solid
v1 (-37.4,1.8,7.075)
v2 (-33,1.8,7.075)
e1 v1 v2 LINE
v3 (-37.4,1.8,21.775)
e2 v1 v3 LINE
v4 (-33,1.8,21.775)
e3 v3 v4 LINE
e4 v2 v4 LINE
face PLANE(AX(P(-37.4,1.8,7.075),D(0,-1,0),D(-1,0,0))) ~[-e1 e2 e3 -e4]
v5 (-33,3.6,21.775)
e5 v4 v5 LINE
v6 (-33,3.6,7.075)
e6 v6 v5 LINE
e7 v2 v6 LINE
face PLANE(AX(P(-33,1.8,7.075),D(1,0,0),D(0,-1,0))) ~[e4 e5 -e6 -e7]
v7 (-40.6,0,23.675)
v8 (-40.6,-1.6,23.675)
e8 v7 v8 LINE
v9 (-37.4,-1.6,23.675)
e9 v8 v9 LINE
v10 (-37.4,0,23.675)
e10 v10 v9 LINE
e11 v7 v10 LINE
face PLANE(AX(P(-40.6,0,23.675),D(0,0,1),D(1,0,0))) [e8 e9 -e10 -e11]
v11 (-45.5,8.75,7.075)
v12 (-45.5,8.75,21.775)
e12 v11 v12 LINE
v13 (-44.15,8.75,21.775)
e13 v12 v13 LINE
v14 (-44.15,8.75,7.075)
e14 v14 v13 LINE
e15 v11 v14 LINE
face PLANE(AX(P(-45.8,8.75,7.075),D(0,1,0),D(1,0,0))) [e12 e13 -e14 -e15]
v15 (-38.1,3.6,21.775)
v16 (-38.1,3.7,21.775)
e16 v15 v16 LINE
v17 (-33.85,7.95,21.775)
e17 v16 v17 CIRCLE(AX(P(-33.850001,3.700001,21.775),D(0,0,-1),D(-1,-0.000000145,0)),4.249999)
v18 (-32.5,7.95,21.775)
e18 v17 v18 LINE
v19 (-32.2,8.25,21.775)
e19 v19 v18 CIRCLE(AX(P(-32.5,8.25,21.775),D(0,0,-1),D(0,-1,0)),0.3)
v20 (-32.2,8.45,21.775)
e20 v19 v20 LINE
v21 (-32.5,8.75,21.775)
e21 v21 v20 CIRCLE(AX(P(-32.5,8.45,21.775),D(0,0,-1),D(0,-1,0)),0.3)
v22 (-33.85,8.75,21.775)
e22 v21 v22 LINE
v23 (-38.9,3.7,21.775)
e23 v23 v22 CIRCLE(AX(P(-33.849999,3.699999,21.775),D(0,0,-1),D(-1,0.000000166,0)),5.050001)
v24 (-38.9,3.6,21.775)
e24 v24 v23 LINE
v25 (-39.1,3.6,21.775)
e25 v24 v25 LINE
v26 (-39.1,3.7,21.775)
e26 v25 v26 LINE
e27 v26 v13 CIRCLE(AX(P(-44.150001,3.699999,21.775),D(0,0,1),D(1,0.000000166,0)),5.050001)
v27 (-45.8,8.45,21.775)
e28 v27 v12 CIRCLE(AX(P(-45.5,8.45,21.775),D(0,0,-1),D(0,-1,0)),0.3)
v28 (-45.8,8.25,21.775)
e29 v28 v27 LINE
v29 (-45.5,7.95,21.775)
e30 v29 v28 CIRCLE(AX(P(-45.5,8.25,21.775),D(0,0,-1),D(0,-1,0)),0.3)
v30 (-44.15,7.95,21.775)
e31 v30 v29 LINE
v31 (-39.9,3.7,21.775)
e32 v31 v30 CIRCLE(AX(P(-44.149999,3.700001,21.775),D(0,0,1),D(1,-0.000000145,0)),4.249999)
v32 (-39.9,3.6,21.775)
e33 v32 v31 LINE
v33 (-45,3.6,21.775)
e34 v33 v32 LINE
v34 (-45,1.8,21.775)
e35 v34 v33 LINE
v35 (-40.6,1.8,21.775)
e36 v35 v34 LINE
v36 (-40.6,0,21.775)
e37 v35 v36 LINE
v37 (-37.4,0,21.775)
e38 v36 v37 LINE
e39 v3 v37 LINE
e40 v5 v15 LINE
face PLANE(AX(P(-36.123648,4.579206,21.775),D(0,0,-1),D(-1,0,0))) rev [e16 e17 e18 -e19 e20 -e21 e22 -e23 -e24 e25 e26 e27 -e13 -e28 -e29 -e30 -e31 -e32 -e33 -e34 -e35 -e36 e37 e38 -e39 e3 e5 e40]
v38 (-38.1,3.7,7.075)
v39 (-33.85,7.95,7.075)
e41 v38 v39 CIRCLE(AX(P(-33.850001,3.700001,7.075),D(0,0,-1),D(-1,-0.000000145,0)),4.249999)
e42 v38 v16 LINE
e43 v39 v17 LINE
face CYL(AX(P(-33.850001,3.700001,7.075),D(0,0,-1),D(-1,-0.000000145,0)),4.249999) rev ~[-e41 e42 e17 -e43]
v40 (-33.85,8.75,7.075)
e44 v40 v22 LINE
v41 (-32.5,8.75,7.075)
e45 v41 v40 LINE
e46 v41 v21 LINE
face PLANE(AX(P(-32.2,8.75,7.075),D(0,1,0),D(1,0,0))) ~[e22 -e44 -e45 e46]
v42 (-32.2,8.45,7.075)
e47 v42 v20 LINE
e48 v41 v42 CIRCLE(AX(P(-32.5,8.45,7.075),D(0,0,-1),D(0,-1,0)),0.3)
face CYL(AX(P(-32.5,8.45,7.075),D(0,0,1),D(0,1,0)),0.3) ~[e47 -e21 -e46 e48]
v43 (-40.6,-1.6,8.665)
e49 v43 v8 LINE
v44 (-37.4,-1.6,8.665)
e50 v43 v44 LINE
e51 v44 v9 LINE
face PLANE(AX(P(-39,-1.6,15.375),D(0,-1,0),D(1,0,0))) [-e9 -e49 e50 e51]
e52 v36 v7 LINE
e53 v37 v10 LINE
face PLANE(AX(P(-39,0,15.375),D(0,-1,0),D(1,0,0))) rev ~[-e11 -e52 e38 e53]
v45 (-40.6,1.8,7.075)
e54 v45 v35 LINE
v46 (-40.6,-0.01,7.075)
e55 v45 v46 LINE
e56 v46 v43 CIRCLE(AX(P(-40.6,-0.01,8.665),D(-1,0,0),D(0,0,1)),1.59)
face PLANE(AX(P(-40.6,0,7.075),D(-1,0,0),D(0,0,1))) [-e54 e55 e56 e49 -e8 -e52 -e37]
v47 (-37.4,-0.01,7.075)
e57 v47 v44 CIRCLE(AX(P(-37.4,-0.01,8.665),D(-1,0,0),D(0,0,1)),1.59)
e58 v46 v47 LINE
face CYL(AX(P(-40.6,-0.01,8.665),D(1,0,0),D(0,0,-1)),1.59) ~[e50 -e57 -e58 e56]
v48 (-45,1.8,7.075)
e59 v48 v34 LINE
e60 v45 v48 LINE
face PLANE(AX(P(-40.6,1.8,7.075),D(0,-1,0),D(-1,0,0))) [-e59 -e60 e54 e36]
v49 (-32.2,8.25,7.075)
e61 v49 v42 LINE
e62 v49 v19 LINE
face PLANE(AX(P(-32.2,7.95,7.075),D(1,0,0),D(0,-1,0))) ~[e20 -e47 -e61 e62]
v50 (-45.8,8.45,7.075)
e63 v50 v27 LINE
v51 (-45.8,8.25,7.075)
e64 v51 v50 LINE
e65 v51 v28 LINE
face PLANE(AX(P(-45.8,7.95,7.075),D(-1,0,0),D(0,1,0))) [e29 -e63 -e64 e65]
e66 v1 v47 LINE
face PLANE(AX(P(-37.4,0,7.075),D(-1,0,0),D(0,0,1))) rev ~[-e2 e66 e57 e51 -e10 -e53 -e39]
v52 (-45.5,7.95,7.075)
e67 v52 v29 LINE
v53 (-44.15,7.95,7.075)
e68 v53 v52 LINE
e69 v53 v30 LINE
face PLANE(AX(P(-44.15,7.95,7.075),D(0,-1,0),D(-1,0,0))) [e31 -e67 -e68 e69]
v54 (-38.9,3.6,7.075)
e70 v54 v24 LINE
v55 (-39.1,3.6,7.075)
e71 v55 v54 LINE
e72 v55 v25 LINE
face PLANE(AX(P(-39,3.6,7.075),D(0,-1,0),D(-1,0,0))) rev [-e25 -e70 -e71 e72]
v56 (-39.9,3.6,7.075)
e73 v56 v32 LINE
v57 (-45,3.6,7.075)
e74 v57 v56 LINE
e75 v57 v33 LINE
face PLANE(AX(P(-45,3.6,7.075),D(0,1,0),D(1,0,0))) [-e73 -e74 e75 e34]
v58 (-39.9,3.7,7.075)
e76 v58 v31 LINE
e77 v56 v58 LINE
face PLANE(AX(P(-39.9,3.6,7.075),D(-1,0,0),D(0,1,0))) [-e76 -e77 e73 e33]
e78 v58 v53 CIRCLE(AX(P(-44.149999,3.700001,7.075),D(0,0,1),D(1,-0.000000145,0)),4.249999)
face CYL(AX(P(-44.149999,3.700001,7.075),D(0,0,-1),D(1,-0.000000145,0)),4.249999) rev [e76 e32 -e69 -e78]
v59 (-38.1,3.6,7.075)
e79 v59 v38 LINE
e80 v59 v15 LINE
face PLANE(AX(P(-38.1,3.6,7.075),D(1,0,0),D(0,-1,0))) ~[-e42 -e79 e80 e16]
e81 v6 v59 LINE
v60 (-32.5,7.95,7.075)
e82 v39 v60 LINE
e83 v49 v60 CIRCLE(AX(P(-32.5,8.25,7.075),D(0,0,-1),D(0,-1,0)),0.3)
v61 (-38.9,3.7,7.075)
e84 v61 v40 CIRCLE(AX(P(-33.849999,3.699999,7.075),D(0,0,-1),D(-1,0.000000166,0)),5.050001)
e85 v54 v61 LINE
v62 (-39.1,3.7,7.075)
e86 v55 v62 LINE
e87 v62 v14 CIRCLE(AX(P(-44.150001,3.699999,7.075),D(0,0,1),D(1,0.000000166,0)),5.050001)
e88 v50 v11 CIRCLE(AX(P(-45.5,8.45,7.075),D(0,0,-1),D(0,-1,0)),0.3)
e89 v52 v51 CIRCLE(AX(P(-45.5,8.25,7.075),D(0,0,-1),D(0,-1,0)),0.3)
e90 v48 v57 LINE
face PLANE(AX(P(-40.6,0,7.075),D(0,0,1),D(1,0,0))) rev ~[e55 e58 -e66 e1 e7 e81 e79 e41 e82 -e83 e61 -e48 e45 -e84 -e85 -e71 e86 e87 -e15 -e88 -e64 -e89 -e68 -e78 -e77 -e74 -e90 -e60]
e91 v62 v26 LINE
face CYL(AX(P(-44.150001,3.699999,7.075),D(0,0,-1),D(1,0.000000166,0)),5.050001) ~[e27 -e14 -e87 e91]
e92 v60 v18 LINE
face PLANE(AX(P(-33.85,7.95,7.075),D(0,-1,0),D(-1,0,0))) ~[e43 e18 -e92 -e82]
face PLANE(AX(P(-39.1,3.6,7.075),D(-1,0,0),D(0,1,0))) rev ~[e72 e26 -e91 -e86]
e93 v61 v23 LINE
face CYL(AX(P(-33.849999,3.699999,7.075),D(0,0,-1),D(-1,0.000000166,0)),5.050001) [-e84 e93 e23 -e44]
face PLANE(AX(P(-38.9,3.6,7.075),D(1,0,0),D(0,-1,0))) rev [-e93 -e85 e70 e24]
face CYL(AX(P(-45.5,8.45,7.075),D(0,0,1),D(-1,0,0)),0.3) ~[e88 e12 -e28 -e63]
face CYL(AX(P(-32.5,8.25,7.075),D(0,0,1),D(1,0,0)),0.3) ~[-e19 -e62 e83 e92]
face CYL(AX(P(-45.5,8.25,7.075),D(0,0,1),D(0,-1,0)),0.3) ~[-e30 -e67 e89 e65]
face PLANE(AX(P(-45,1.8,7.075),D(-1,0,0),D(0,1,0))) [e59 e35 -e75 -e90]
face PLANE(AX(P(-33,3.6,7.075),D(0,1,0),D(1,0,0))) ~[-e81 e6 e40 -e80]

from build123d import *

# Parameters (mm, degrees)
PAD013_DEPTH = 14.7
FILLET007_R  = 0.3
BOX003_W     = 3.2
BOX003_H     = 16.6
BOX003_DEPTH = 1.6
FILLET011_R  = 1.59


with BuildPart() as part:
    # Sketch025 → Pad013 (new body)
    with BuildSketch(Plane.XY):
        with BuildLine():
            Line((-1.6, 0), (-6, 0))
            Line((-6, 0), (-6, 1.8))
            Line((-6, 1.8), (-0.9, 1.8))
            Line((-0.9, 1.8), (-0.9, 1.9))
            ThreePointArc((-0.9, 1.9), (-2.144796, 4.905204), (-5.15, 6.15))
            Line((-5.15, 6.15), (-6.8, 6.15))
            Line((-6.8, 6.15), (-6.8, 6.95))
            Line((-6.8, 6.95), (-5.15, 6.95))
            ThreePointArc((-0.1, 1.9), (-1.579111, 5.470889), (-5.15, 6.95))
            Line((-0.1, 1.8), (-0.1, 1.9))
            Line((0, 1.8), (-0.1, 1.8))
            Line((0, -1.8), (0, 1.8))
            Line((-1.6, -1.8), (0, -1.8))
            Line((-1.6, 0), (-1.6, -1.8))
        make_face()
    pad013 = extrude(amount=PAD013_DEPTH)

    # Mirrored005: Pad013 across Sketch025 V_Axis
    add(pad013.mirror(Plane(origin=(0, 0, 0), x_dir=(0, 0, 1), z_dir=(1, 0, 0))))

    # Fillet007
    fillet007_edges = [part.edges().sort_by_distance(p)[0] for p in [
        (6.8, 6.15, 7.35),
        (6.8, 6.95, 7.35),
        (-6.8, 6.95, 7.35),
        (-6.8, 6.15, 7.35),
    ]]
    fillet(fillet007_edges, radius=FILLET007_R)

    # Box003 → Box003 (join)
    with BuildSketch(Plane(origin=(-1.6, -1.8, 0), x_dir=(1, 0, 0), z_dir=(0, -1, 0))):
        with Locations((1.6, 8.3)):
            Rectangle(BOX003_W, BOX003_H)
    extrude(amount=BOX003_DEPTH)

    # Fillet011
    fillet011_edges = [part.edges().sort_by_distance(p)[0] for p in [
        (0, -3.4, 0),
    ]]
    fillet(fillet011_edges, radius=FILLET011_R)


with BuildPart() as part_1:
    # Body002 placement: moved
    add(part.part.moved(Location((-39, 1.8, 7.075))))


solid = part_1.part
